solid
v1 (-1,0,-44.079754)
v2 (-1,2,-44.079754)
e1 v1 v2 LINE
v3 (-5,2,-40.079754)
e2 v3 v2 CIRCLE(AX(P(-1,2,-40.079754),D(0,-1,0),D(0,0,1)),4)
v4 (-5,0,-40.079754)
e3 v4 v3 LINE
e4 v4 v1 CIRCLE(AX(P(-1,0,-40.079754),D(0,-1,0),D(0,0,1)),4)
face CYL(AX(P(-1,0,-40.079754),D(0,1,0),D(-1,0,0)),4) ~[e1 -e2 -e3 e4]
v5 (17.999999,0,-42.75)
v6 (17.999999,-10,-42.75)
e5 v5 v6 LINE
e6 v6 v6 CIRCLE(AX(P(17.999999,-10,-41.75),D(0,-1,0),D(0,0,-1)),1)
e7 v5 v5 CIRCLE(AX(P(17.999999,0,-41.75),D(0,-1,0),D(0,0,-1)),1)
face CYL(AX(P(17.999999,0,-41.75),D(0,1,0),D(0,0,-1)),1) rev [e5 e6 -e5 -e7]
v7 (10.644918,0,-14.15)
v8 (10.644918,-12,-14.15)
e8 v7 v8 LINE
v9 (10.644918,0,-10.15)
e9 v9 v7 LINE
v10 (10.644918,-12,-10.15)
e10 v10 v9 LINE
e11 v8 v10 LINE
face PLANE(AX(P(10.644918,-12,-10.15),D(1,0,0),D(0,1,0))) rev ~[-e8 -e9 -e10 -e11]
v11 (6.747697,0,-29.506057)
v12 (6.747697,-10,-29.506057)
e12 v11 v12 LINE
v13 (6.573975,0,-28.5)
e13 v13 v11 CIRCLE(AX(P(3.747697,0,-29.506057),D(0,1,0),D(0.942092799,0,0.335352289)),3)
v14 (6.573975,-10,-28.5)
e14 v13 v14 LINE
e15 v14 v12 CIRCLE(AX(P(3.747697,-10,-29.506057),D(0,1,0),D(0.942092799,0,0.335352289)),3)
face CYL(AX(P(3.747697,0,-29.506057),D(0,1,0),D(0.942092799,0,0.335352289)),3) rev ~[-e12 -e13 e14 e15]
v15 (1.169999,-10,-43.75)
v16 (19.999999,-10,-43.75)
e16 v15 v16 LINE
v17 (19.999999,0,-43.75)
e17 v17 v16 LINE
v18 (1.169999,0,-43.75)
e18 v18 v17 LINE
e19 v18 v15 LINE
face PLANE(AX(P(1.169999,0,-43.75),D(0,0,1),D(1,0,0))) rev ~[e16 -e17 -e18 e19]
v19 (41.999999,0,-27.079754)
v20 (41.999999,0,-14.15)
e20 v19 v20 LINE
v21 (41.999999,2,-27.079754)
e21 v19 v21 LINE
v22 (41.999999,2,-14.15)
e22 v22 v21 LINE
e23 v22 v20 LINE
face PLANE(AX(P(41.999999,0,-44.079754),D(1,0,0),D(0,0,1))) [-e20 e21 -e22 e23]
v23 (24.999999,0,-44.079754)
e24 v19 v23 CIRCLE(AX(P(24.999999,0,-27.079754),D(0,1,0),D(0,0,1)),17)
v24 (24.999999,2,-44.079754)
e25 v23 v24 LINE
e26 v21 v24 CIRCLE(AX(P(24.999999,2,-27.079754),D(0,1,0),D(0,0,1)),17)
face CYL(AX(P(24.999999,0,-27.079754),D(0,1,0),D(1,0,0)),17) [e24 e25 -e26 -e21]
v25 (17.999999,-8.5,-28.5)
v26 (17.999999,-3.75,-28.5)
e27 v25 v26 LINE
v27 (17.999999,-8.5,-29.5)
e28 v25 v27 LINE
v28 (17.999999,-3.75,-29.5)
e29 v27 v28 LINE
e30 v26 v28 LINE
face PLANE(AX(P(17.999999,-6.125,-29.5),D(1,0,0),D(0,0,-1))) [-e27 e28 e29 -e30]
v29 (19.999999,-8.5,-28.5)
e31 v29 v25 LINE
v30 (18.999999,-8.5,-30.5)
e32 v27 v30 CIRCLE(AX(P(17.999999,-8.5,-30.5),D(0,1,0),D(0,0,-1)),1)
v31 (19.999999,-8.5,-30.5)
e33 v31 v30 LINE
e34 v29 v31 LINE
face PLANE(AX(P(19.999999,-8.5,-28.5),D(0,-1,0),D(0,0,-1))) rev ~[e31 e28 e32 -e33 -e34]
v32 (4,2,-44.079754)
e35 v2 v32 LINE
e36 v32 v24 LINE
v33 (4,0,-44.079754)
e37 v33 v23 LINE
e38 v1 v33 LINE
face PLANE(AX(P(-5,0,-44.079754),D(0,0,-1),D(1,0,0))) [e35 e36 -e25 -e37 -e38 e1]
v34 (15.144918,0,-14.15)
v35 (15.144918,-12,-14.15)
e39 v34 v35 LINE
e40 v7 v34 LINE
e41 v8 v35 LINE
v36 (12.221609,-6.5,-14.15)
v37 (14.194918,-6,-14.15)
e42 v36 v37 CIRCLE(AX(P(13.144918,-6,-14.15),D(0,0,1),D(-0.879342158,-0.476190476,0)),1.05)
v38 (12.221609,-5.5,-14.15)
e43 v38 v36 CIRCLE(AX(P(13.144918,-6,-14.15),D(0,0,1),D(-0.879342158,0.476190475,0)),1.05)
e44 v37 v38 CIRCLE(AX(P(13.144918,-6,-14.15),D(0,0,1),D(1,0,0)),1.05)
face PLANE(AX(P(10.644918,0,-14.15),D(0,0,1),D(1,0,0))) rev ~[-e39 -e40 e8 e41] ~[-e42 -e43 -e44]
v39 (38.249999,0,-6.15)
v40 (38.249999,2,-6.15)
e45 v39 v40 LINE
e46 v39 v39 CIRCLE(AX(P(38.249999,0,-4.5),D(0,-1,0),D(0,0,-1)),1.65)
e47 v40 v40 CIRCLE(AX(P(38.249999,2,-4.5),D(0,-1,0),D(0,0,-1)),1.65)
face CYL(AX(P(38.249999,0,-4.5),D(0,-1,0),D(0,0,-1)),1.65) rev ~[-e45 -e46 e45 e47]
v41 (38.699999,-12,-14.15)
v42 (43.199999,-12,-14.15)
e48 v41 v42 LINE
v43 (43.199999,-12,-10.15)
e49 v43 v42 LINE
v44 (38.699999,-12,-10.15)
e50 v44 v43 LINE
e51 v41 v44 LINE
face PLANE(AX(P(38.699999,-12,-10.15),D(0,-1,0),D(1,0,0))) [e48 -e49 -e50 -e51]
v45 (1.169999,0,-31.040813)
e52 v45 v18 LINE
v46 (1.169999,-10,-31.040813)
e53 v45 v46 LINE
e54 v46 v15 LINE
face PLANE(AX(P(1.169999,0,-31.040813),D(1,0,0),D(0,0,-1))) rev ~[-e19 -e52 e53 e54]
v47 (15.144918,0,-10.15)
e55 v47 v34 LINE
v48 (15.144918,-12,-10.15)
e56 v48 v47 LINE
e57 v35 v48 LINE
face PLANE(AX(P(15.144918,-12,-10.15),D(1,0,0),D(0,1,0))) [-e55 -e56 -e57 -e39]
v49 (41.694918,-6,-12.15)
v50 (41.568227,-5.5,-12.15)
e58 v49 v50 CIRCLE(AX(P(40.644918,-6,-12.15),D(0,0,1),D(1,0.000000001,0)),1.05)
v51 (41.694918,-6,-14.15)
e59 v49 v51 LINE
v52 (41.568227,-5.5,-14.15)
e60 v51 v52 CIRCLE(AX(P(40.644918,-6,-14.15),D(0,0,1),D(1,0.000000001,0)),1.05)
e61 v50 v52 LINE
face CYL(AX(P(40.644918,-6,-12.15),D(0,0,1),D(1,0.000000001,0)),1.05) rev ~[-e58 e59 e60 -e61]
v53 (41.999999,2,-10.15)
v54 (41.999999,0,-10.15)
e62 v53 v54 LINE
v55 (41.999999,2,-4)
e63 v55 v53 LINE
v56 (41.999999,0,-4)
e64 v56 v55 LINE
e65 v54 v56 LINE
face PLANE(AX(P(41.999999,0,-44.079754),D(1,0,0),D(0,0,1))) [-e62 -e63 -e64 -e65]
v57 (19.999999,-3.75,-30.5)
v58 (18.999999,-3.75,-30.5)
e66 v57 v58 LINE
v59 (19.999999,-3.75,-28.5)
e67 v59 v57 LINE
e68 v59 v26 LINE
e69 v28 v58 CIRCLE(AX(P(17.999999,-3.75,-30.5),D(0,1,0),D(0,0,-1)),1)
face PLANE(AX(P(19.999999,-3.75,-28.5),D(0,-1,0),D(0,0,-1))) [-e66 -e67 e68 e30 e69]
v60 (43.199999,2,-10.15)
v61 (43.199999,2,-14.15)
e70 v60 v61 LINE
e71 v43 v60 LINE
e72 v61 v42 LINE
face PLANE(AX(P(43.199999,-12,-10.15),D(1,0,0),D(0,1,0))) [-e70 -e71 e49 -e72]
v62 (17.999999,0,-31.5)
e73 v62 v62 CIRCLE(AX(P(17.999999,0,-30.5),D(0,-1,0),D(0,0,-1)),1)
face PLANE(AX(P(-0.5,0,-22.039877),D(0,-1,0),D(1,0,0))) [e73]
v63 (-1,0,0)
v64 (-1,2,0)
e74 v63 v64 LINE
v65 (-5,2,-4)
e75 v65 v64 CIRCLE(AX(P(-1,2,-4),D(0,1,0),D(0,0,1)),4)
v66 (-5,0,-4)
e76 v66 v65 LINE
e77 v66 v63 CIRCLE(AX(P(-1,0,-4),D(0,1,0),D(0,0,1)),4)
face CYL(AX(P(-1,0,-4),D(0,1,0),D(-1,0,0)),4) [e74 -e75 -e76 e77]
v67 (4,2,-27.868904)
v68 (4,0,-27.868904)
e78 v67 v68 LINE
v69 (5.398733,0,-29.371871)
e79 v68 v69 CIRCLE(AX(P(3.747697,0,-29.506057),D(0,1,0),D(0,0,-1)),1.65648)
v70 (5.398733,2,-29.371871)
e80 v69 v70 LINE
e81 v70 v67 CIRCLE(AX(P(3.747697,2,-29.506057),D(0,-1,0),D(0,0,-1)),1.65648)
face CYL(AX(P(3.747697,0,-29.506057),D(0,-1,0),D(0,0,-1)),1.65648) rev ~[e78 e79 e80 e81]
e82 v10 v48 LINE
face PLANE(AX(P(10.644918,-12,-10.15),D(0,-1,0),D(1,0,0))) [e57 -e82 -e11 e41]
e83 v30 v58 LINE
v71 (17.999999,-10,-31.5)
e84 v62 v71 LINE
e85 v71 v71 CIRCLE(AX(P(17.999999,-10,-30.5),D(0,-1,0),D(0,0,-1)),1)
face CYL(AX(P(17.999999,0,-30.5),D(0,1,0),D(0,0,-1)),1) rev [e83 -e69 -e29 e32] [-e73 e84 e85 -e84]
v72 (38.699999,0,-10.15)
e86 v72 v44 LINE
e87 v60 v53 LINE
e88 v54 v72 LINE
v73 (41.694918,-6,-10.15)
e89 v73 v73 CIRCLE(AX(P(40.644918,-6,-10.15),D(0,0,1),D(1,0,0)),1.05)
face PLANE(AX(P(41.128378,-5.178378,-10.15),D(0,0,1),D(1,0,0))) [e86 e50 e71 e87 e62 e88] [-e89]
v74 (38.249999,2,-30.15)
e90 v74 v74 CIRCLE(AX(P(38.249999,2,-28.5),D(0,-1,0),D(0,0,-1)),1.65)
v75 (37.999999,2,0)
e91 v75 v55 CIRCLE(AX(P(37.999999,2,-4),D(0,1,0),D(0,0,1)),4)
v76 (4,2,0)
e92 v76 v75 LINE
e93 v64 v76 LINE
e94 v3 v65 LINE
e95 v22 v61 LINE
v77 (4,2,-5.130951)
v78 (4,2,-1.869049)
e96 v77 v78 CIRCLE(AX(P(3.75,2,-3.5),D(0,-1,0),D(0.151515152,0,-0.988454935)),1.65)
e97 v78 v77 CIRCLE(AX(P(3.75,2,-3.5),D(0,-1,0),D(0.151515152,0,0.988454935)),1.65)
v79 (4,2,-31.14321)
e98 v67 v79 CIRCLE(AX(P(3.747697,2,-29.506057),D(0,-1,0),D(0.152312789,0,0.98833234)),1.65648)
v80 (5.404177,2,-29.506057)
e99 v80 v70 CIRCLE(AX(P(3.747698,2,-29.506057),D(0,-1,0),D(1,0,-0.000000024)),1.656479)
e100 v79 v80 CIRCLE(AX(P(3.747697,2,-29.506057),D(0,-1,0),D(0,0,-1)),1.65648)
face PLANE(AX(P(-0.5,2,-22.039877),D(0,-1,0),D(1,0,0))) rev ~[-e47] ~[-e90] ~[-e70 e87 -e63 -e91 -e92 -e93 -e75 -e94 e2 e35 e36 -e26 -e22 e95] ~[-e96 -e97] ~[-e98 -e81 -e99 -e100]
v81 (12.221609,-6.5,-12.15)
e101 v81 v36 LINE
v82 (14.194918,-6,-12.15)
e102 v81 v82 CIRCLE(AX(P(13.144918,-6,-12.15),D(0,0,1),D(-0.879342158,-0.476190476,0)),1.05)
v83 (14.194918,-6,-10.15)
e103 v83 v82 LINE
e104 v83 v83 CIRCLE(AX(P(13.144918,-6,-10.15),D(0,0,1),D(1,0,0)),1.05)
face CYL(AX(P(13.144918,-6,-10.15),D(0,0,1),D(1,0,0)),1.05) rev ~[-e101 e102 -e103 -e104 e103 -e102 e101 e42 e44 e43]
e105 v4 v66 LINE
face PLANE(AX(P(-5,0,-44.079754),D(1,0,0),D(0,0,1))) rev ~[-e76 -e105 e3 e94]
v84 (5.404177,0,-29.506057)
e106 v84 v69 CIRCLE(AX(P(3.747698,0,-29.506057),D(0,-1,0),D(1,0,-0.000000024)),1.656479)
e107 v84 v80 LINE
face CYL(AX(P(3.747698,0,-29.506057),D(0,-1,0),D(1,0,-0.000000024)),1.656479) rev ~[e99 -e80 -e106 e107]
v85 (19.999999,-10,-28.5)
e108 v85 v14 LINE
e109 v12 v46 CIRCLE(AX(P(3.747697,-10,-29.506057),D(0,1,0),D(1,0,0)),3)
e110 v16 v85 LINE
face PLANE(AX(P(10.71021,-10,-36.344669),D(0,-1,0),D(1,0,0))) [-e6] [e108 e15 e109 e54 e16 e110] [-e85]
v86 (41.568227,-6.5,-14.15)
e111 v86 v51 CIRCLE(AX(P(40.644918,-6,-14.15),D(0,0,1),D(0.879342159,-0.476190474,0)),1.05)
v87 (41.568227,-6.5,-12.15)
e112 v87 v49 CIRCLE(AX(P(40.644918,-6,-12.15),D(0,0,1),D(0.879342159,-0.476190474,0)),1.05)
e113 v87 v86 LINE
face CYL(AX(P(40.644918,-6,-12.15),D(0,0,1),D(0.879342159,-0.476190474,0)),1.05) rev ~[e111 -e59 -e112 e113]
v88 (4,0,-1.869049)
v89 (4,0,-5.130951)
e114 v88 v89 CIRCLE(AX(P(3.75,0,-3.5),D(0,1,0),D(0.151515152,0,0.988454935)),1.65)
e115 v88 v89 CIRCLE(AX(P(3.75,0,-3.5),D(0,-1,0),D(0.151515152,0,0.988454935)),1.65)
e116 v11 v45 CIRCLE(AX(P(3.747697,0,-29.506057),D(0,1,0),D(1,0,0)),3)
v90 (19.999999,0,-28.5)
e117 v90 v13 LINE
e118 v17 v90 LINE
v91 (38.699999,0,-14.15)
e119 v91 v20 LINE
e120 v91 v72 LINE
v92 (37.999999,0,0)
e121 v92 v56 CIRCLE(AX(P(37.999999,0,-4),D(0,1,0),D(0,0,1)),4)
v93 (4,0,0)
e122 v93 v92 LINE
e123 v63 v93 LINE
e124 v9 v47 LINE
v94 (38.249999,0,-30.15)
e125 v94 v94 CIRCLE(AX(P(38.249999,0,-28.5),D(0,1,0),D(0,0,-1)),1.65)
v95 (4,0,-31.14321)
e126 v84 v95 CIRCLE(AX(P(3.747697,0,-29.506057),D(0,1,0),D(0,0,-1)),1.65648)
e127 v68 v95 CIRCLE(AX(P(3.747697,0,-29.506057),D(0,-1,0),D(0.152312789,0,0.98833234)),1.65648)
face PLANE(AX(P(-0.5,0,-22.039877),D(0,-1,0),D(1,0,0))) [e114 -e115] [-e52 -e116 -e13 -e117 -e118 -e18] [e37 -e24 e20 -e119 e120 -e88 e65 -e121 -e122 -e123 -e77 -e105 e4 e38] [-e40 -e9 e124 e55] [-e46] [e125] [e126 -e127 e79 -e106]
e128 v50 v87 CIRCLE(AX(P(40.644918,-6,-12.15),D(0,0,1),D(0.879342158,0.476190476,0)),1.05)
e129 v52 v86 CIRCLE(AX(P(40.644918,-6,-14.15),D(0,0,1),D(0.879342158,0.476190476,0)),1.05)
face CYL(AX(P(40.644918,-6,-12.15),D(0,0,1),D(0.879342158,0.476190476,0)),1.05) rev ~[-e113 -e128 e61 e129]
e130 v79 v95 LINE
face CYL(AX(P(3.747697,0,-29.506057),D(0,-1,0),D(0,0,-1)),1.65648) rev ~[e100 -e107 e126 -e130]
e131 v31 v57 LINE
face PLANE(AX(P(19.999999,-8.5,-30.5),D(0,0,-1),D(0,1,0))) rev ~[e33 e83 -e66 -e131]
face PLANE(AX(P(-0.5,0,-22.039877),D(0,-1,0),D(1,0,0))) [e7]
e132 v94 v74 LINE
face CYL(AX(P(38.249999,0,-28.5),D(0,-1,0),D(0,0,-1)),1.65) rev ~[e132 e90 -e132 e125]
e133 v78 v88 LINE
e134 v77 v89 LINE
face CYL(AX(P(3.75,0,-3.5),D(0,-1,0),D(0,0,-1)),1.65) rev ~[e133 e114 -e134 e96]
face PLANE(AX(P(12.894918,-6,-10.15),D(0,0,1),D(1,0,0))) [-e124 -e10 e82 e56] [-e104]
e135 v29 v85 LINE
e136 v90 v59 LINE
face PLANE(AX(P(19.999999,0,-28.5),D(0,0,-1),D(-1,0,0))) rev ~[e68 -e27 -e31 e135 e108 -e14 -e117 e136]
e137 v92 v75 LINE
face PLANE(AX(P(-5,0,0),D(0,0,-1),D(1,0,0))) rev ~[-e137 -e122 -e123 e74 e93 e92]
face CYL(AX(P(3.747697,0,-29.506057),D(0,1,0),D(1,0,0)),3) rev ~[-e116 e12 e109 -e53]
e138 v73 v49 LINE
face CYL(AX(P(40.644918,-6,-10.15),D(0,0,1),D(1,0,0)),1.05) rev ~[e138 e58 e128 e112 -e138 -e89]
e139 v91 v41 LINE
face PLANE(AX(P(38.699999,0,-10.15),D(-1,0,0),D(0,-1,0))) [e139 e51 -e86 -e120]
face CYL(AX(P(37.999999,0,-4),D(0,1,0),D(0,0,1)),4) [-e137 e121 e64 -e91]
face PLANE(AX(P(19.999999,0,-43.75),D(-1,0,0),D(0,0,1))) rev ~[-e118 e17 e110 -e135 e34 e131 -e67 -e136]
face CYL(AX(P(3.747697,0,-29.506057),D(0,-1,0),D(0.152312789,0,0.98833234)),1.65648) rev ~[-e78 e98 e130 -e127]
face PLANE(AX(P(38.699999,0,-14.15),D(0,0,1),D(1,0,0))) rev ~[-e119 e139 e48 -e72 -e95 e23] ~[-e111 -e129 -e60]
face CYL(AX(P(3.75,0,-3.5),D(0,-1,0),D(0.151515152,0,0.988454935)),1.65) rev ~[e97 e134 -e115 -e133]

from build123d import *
from build123d.topology import SkipClean

# Parameters (mm, degrees)
SKETCH1_W           = 41.99999943
SKETCH1_H           = 32.99999982
BOSS_EXTRUDE1_DEPTH = 2
FILLET1_R           = 4
SKETCH3_R           = 1.65
CUT_EXTRUDE1_DEPTH  = 2
SKETCH5_W           = 41.99999943
SKETCH5_H           = 16
BOSS_EXTRUDE3_DEPTH = 2
SKETCH6_R           = 1.65
SKETCH6_R_2         = 1.656480043
CUT_EXTRUDE2_DEPTH  = 2
FILLET2_R           = 17
FILLET3_R           = 4
SKETCH7_W           = 9
SKETCH7_H           = 44.079753615
BOSS_EXTRUDE4_DEPTH = 2
CUT_EXTRUDE3_DEPTH  = 2
FILLET4_R           = 4
SKETCH9_R           = 1
BOSS_EXTRUDE5_DEPTH = 10
SKETCH10_W          = 1.2
SKETCH10_H          = 2
BOSS_EXTRUDE6_DEPTH = 2
SKETCH11_W          = 4.5
SKETCH11_H          = 2
BOSS_EXTRUDE7_DEPTH = 12
CUT_EXTRUDE4_DEPTH  = 10
SKETCH13_W          = 2
SKETCH13_H          = 4.75
CUT_EXTRUDE5_DEPTH  = 2
BOSS_EXTRUDE8_START = 2
SKETCH15_W          = 4.5
SKETCH15_H          = 12
SKETCH15_R          = 1.05
BOSS_EXTRUDE8_DEPTH = 2


with BuildPart() as part:
    # Sketch1 → Boss-Extrude1 (new body)
    with BuildSketch(Plane(origin=(0, 0, 0), x_dir=(1, 0, 0), z_dir=(0, 1, 0))):
        with Locations((20.999999715, 16.49999991)):
            Rectangle(SKETCH1_W, SKETCH1_H)
    extrude(amount=BOSS_EXTRUDE1_DEPTH)

    # Fillet1
    fillet1_edges = [part.edges().sort_by_distance(p)[0] for p in [
        (0, 1, -32.99999982),
        (41.99999943, 1, -32.99999982),
        (41.99999943, 1, 0),
        (0, 1, 0),
    ]]
    fillet(fillet1_edges, radius=FILLET1_R)

    # Sketch3 → Cut-Extrude1 (cut)
    with BuildSketch(Plane.XZ):
        with Locations(Location((3.75, -3.5, 0), (0, 0, 270))):
            Circle(SKETCH3_R)
        with Locations(Location((3.75, -29.499999821, 0), (0, 0, 270))):
            Circle(SKETCH3_R)
        with Locations(Location((38.249999434, -28.499999821, 0), (0, 0, 270))):
            Circle(SKETCH3_R)
        with Locations(Location((38.249999434, -4.5, 0), (0, 0, 270))):
            Circle(SKETCH3_R)
    extrude(amount=-CUT_EXTRUDE1_DEPTH, mode=Mode.SUBTRACT)

    # Sketch5 → Boss-Extrude3 (add)
    with BuildSketch(Plane.XZ):
        with Locations((20.999999715, -36.079753615)):
            Rectangle(SKETCH5_W, SKETCH5_H)
    extrude(amount=-BOSS_EXTRUDE3_DEPTH)

    # Sketch6 → Cut-Extrude2 (cut)
    with BuildSketch(Plane.XZ):
        with Locations(Location((38.249999434, -28.499999821, 0), (0, 0, 270))):
            Circle(SKETCH6_R)
        with Locations(Location((3.747696905, -29.506056777, 0), (0, 0, 270))):
            Circle(SKETCH6_R_2)
    extrude(amount=-CUT_EXTRUDE2_DEPTH, mode=Mode.SUBTRACT)

    # Fillet2
    fillet2_edges = [part.edges().sort_by_distance(p)[0] for p in [
        (41.99999943, 1, -44.079753615),
    ]]
    fillet(fillet2_edges, radius=FILLET2_R)

    # Fillet3
    fillet3_edges = [part.edges().sort_by_distance(p)[0] for p in [
        (0, 1, -44.079753615),
    ]]
    fillet(fillet3_edges, radius=FILLET3_R)

    # Sketch7 → Boss-Extrude4 (add)
    with BuildSketch(Plane.XZ):
        with Locations((-0.5, -22.039876808)):
            Rectangle(SKETCH7_W, SKETCH7_H)
    extrude(amount=-BOSS_EXTRUDE4_DEPTH)

    # Sketch8 → Cut-Extrude3 (cut)
    with SkipClean():  # the faces are left unmerged after this step: merging them gives an invalid solid
        with BuildSketch(Plane.XZ):
            with BuildLine():
                ThreePointArc((4, -5.130950643), (5.001998403, -4.574709263), (5.4, -3.5))
                ThreePointArc((5.4, -3.5), (5.001998403, -2.425290737), (4, -1.869049357))
                Line((4, -1.869049357), (4, -5.130950643))
            make_face()
            with BuildLine():
                Line((4, -5.130950643), (4, -1.869049357))
                ThreePointArc((4, -1.869049357), (2.1, -3.5), (4, -5.130950643))
            make_face()
            with BuildLine():
                ThreePointArc((4, -1.869049357), (5.4, -3.5), (4, -5.130950643))
                Line((4, -5.130950643), (4, -1.869049357))
            make_face()
            with BuildLine():
                ThreePointArc((4, -27.86890398), (5.404176948, -29.506056777), (4, -31.143209574))
                Line((4, -31.143209574), (4, -27.86890398))
            make_face()
            with BuildLine():
                ThreePointArc((5.404176948, -29.506056777), (5.402815419, -29.43890888), (5.398733067, -29.371871366))
                ThreePointArc((5.398733067, -29.371871366), (4.96029858, -28.377551876), (4, -27.86890398))
                Line((4, -27.86890398), (4, -31.143209574))
                ThreePointArc((4, -31.143209574), (5.005047527, -30.584479489), (5.404176948, -29.506056777))
            make_face()
            with BuildLine():
                Line((4, -31.143209574), (4, -27.86890398))
                ThreePointArc((4, -27.86890398), (2.091216862, -29.506056777), (4, -31.143209574))
            make_face()
        extrude(amount=-CUT_EXTRUDE3_DEPTH, mode=Mode.SUBTRACT)

    # Fillet4
    fillet4_edges = [part.edges().sort_by_distance(p)[0] for p in [
        (-5, 1, -44.079753615),
        (-5, 1, 0),
    ]]
    fillet(fillet4_edges, radius=FILLET4_R)

    # Sketch9 → Boss-Extrude5 (add)
    with BuildSketch(Plane.XZ):
        with BuildLine():
            Line((19.99999943, -38.62499991), (19.99999943, -28.49999991))
            Line((19.99999943, -28.49999991), (6.573975303, -28.49999991))
            ThreePointArc((6.573975303, -28.49999991), (6.703947503, -28.995584051), (6.747696905, -29.506056777))
            ThreePointArc((6.747696905, -29.506056777), (4.543595006, -32.398555042), (1.16999943, -31.040812694))
            Line((1.16999943, -31.040812694), (1.16999943, -43.74999991))
            Line((1.16999943, -43.74999991), (19.99999943, -43.74999991))
            Line((19.99999943, -43.74999991), (19.99999943, -38.62499991))
        make_face()
        with Locations(Location((17.99999943, -41.74999991, 0), (0, 0, 270))):
            Circle(SKETCH9_R, mode=Mode.SUBTRACT)
        with Locations(Location((17.99999943, -30.49999991, 0), (0, 0, 270))):
            Circle(SKETCH9_R, mode=Mode.SUBTRACT)
    extrude(amount=BOSS_EXTRUDE5_DEPTH)

    # Sketch10 → Boss-Extrude6 (add)
    with BuildSketch(Plane(origin=(0, 2, 0), x_dir=(1, 0, 0), z_dir=(0, 1, 0))):
        with Locations((42.59999943, 13.15)):
            Rectangle(SKETCH10_W, SKETCH10_H)
    extrude(amount=-BOSS_EXTRUDE6_DEPTH)

    # Sketch11 → Boss-Extrude7 (add)
    with BuildSketch(Plane.XZ):
        with Locations((40.94999943, -13.15)):
            Rectangle(SKETCH11_W, SKETCH11_H)
        with Locations((12.894917885, -13.15)):
            Rectangle(SKETCH11_W, SKETCH11_H)
    extrude(amount=BOSS_EXTRUDE7_DEPTH)

    # Sketch12 → Cut-Extrude4 (cut)
    with BuildSketch(Plane.XY.offset(-12.15)):
        with BuildLine():
            ThreePointArc((41.694917885, -6), (41.66275253, -5.742099563), (41.568227151, -5.5))
            ThreePointArc((41.568227151, -5.5), (39.594917885, -6), (41.568227151, -6.5))
            ThreePointArc((41.568227151, -6.5), (41.66275253, -6.257900437), (41.694917885, -6))
        make_face()
        with BuildLine():
            ThreePointArc((12.221608619, -5.5), (12.094917885, -6), (12.221608619, -6.5))
            ThreePointArc((12.221608619, -6.5), (13.402818322, -7.017834645), (14.194917885, -6))
            ThreePointArc((14.194917885, -6), (13.402818322, -4.982165355), (12.221608619, -5.5))
        make_face()
    extrude(amount=-CUT_EXTRUDE4_DEPTH, mode=Mode.SUBTRACT)

    # Sketch13 → Cut-Extrude5 (cut)
    with BuildSketch(Plane(origin=(19.99999943, 0, 0), x_dir=(0, 0, -1), z_dir=(1, 0, 0))):
        with Locations((29.49999991, -6.125)):
            Rectangle(SKETCH13_W, SKETCH13_H)
    extrude(amount=-CUT_EXTRUDE5_DEPTH, mode=Mode.SUBTRACT)

    # Sketch15 → Boss-Extrude8 (add)
    # profile 1 of 2: a face of its own
    with BuildSketch(Plane.XY.offset(-12.15).offset(BOSS_EXTRUDE8_START)):
        with Locations((12.894917885, -6)):
            Rectangle(SKETCH15_W, SKETCH15_H)
        with Locations((13.144917885, -6)):
            Circle(SKETCH15_R, mode=Mode.SUBTRACT)
    # profile 2 of 2: a face of its own
    with BuildSketch(Plane.XY.offset(-12.15).offset(BOSS_EXTRUDE8_START)):
        Polygon((41.99999943, 2), (41.99999943, 0), (38.69999943, 0), (38.69999943, -12), (43.19999943, -12), (43.19999943, 2), align=None)
        with Locations((40.644917885, -6)):
            Circle(SKETCH15_R, mode=Mode.SUBTRACT)
    extrude(amount=-BOSS_EXTRUDE8_DEPTH)


solid = part.part
